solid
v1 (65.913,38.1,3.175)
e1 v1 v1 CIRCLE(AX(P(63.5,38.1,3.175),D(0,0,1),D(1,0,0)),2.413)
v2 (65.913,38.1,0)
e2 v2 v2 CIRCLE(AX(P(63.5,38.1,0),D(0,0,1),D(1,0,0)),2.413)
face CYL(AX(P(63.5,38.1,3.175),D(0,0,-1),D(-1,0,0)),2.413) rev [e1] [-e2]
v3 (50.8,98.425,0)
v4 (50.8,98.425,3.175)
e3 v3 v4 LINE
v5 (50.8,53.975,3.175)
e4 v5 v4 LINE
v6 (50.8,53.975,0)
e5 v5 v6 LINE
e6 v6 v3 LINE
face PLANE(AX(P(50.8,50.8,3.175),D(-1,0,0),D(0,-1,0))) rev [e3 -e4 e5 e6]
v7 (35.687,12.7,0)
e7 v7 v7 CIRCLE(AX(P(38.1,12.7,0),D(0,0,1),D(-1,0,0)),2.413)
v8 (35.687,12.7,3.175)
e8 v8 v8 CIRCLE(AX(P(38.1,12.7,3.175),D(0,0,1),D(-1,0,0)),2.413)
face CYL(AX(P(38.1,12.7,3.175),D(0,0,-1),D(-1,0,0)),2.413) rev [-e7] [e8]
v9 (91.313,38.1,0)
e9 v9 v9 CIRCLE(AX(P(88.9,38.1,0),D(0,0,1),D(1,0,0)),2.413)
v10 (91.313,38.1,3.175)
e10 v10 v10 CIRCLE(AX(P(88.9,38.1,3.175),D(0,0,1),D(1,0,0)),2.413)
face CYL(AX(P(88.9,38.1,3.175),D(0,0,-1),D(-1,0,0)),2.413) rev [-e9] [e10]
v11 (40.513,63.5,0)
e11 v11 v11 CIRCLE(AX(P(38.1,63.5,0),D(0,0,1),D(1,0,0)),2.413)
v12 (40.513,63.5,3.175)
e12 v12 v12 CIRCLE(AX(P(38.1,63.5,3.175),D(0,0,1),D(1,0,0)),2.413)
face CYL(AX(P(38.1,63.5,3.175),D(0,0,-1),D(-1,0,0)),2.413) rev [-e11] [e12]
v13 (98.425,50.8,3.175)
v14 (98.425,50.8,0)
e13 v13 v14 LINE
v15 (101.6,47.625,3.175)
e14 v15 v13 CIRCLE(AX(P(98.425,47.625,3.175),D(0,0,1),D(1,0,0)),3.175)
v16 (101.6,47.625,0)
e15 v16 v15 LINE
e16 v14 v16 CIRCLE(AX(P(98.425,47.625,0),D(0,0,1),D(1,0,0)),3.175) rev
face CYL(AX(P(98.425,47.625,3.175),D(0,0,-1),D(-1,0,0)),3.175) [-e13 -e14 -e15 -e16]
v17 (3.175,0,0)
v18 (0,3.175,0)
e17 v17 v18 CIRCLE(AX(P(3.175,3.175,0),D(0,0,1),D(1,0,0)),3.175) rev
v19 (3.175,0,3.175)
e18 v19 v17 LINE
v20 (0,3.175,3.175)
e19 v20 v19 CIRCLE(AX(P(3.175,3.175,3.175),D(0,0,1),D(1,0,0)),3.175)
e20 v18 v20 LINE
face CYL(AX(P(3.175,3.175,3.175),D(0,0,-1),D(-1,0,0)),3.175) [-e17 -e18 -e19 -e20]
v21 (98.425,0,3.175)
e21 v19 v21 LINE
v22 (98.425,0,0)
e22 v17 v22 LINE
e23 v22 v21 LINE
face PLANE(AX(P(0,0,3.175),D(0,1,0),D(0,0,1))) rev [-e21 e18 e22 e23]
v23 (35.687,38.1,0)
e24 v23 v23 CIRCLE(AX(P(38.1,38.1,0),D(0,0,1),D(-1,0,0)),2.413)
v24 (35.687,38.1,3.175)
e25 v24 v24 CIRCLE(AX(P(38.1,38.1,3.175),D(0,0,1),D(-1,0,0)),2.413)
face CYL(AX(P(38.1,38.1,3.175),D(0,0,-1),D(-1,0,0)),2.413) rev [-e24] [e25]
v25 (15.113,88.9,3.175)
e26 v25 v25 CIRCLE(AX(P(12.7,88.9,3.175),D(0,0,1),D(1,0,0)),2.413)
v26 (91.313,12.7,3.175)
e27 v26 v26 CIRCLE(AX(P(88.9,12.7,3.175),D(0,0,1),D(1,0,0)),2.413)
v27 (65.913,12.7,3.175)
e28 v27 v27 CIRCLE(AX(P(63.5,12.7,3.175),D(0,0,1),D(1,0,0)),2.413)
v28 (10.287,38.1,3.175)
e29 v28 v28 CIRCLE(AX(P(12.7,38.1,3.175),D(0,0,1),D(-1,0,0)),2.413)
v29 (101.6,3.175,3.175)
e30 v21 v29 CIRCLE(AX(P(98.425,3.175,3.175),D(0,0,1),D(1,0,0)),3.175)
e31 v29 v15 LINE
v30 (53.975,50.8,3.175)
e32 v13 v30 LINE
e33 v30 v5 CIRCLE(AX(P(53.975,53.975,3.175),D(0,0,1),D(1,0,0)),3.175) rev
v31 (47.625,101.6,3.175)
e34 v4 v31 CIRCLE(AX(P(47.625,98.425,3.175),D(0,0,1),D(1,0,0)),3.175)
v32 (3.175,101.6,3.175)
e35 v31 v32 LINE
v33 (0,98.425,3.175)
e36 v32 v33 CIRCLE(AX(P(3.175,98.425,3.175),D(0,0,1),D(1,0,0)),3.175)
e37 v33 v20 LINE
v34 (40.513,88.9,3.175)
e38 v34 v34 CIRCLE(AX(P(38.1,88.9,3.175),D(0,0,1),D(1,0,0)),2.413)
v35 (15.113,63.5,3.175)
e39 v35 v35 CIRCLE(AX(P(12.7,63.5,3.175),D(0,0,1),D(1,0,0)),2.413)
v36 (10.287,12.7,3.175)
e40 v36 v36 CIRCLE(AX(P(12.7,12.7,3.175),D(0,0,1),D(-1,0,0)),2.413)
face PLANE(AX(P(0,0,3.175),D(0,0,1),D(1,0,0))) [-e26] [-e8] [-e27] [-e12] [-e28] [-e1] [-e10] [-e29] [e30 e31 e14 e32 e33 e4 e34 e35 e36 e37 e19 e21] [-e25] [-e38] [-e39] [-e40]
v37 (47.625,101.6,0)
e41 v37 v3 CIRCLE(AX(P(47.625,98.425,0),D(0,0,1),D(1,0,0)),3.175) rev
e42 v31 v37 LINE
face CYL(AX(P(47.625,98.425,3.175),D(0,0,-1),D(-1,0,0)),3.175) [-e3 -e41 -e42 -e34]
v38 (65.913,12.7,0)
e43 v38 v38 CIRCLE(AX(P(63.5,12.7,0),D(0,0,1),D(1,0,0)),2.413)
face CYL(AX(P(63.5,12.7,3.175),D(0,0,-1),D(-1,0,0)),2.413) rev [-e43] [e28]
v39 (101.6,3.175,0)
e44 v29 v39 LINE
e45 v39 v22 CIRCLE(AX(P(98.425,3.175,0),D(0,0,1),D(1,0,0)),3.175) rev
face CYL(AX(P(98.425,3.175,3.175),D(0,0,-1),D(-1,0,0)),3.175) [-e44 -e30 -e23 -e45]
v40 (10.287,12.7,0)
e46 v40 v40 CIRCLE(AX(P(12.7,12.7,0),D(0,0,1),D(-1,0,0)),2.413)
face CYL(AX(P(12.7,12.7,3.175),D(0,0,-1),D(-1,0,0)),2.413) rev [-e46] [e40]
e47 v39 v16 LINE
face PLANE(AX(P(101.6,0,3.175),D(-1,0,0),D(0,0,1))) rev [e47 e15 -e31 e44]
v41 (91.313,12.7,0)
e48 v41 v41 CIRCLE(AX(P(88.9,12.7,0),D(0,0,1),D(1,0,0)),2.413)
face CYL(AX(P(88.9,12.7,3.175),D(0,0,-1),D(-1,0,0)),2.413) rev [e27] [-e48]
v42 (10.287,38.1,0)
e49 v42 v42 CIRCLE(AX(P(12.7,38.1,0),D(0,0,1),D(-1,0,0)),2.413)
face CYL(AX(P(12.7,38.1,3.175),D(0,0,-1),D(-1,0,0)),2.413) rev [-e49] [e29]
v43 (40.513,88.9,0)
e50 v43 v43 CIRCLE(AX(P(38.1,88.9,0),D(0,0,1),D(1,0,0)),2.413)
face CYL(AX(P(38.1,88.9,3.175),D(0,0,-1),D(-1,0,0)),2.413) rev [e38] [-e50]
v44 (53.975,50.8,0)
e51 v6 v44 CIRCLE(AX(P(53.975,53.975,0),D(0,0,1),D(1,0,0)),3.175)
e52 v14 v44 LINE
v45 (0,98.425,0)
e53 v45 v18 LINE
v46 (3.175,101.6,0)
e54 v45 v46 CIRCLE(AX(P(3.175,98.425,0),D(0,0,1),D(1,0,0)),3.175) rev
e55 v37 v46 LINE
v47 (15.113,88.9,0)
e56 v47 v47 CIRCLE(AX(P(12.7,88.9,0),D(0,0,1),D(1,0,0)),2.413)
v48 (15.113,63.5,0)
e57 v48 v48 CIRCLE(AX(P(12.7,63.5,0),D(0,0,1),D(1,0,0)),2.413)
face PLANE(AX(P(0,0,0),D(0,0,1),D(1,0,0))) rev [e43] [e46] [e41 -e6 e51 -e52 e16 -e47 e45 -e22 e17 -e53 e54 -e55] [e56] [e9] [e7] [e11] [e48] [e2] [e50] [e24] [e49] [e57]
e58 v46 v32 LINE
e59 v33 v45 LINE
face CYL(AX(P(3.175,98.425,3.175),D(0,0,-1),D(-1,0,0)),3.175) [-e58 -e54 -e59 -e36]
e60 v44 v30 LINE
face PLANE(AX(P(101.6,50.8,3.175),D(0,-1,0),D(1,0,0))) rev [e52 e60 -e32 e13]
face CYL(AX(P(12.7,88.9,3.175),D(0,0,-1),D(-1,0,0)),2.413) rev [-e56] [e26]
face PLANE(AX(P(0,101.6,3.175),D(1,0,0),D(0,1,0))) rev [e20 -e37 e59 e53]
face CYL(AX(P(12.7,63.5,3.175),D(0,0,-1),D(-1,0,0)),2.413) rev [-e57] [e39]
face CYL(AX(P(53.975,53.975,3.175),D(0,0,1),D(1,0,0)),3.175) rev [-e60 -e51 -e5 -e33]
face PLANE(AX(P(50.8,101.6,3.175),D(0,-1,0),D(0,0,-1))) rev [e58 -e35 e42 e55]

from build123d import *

# Parameters (mm, degrees)
SKETCH1_R           = 2.413
BOSS_EXTRUDE1_DEPTH = 3.175
FILLET1_R           = 3.175


with BuildPart() as part:
    # Sketch1 → Boss-Extrude1 (new body)
    with BuildSketch(Plane.XY):
        Polygon((0, 0), (101.6, 0), (101.6, 50.8), (50.8, 50.8), (50.8, 101.6), (0, 101.6), align=None)
        with Locations((12.7, 88.9)):
            Circle(SKETCH1_R, mode=Mode.SUBTRACT)
        with Locations((38.1, 88.9)):
            Circle(SKETCH1_R, mode=Mode.SUBTRACT)
        with Locations((38.1, 63.5)):
            Circle(SKETCH1_R, mode=Mode.SUBTRACT)
        with Locations((12.7, 63.5)):
            Circle(SKETCH1_R, mode=Mode.SUBTRACT)
        with Locations(Location((38.1, 12.7, 0), (0, 0, 180))):
            Circle(SKETCH1_R, mode=Mode.SUBTRACT)
        with Locations(Location((38.1, 38.1, 0), (0, 0, 180))):
            Circle(SKETCH1_R, mode=Mode.SUBTRACT)
        with Locations(Location((12.7, 38.1, 0), (0, 0, 180))):
            Circle(SKETCH1_R, mode=Mode.SUBTRACT)
        with Locations(Location((12.7, 12.7, 0), (0, 0, 180))):
            Circle(SKETCH1_R, mode=Mode.SUBTRACT)
        with Locations((88.9, 12.7)):
            Circle(SKETCH1_R, mode=Mode.SUBTRACT)
        with Locations((63.5, 12.7)):
            Circle(SKETCH1_R, mode=Mode.SUBTRACT)
        with Locations((63.5, 38.1)):
            Circle(SKETCH1_R, mode=Mode.SUBTRACT)
        with Locations((88.9, 38.1)):
            Circle(SKETCH1_R, mode=Mode.SUBTRACT)
    extrude(amount=BOSS_EXTRUDE1_DEPTH)

    # Fillet1
    fillet1_edges = [part.edges().sort_by_distance(p)[0] for p in [
        (0, 101.6, 1.5875),
        (50.8, 101.6, 1.5875),
        (50.8, 50.8, 1.5875),
        (101.6, 50.8, 1.5875),
        (101.6, 0, 1.5875),
        (0, 0, 1.5875),
    ]]
    fillet(fillet1_edges, radius=FILLET1_R)


solid = part.part
